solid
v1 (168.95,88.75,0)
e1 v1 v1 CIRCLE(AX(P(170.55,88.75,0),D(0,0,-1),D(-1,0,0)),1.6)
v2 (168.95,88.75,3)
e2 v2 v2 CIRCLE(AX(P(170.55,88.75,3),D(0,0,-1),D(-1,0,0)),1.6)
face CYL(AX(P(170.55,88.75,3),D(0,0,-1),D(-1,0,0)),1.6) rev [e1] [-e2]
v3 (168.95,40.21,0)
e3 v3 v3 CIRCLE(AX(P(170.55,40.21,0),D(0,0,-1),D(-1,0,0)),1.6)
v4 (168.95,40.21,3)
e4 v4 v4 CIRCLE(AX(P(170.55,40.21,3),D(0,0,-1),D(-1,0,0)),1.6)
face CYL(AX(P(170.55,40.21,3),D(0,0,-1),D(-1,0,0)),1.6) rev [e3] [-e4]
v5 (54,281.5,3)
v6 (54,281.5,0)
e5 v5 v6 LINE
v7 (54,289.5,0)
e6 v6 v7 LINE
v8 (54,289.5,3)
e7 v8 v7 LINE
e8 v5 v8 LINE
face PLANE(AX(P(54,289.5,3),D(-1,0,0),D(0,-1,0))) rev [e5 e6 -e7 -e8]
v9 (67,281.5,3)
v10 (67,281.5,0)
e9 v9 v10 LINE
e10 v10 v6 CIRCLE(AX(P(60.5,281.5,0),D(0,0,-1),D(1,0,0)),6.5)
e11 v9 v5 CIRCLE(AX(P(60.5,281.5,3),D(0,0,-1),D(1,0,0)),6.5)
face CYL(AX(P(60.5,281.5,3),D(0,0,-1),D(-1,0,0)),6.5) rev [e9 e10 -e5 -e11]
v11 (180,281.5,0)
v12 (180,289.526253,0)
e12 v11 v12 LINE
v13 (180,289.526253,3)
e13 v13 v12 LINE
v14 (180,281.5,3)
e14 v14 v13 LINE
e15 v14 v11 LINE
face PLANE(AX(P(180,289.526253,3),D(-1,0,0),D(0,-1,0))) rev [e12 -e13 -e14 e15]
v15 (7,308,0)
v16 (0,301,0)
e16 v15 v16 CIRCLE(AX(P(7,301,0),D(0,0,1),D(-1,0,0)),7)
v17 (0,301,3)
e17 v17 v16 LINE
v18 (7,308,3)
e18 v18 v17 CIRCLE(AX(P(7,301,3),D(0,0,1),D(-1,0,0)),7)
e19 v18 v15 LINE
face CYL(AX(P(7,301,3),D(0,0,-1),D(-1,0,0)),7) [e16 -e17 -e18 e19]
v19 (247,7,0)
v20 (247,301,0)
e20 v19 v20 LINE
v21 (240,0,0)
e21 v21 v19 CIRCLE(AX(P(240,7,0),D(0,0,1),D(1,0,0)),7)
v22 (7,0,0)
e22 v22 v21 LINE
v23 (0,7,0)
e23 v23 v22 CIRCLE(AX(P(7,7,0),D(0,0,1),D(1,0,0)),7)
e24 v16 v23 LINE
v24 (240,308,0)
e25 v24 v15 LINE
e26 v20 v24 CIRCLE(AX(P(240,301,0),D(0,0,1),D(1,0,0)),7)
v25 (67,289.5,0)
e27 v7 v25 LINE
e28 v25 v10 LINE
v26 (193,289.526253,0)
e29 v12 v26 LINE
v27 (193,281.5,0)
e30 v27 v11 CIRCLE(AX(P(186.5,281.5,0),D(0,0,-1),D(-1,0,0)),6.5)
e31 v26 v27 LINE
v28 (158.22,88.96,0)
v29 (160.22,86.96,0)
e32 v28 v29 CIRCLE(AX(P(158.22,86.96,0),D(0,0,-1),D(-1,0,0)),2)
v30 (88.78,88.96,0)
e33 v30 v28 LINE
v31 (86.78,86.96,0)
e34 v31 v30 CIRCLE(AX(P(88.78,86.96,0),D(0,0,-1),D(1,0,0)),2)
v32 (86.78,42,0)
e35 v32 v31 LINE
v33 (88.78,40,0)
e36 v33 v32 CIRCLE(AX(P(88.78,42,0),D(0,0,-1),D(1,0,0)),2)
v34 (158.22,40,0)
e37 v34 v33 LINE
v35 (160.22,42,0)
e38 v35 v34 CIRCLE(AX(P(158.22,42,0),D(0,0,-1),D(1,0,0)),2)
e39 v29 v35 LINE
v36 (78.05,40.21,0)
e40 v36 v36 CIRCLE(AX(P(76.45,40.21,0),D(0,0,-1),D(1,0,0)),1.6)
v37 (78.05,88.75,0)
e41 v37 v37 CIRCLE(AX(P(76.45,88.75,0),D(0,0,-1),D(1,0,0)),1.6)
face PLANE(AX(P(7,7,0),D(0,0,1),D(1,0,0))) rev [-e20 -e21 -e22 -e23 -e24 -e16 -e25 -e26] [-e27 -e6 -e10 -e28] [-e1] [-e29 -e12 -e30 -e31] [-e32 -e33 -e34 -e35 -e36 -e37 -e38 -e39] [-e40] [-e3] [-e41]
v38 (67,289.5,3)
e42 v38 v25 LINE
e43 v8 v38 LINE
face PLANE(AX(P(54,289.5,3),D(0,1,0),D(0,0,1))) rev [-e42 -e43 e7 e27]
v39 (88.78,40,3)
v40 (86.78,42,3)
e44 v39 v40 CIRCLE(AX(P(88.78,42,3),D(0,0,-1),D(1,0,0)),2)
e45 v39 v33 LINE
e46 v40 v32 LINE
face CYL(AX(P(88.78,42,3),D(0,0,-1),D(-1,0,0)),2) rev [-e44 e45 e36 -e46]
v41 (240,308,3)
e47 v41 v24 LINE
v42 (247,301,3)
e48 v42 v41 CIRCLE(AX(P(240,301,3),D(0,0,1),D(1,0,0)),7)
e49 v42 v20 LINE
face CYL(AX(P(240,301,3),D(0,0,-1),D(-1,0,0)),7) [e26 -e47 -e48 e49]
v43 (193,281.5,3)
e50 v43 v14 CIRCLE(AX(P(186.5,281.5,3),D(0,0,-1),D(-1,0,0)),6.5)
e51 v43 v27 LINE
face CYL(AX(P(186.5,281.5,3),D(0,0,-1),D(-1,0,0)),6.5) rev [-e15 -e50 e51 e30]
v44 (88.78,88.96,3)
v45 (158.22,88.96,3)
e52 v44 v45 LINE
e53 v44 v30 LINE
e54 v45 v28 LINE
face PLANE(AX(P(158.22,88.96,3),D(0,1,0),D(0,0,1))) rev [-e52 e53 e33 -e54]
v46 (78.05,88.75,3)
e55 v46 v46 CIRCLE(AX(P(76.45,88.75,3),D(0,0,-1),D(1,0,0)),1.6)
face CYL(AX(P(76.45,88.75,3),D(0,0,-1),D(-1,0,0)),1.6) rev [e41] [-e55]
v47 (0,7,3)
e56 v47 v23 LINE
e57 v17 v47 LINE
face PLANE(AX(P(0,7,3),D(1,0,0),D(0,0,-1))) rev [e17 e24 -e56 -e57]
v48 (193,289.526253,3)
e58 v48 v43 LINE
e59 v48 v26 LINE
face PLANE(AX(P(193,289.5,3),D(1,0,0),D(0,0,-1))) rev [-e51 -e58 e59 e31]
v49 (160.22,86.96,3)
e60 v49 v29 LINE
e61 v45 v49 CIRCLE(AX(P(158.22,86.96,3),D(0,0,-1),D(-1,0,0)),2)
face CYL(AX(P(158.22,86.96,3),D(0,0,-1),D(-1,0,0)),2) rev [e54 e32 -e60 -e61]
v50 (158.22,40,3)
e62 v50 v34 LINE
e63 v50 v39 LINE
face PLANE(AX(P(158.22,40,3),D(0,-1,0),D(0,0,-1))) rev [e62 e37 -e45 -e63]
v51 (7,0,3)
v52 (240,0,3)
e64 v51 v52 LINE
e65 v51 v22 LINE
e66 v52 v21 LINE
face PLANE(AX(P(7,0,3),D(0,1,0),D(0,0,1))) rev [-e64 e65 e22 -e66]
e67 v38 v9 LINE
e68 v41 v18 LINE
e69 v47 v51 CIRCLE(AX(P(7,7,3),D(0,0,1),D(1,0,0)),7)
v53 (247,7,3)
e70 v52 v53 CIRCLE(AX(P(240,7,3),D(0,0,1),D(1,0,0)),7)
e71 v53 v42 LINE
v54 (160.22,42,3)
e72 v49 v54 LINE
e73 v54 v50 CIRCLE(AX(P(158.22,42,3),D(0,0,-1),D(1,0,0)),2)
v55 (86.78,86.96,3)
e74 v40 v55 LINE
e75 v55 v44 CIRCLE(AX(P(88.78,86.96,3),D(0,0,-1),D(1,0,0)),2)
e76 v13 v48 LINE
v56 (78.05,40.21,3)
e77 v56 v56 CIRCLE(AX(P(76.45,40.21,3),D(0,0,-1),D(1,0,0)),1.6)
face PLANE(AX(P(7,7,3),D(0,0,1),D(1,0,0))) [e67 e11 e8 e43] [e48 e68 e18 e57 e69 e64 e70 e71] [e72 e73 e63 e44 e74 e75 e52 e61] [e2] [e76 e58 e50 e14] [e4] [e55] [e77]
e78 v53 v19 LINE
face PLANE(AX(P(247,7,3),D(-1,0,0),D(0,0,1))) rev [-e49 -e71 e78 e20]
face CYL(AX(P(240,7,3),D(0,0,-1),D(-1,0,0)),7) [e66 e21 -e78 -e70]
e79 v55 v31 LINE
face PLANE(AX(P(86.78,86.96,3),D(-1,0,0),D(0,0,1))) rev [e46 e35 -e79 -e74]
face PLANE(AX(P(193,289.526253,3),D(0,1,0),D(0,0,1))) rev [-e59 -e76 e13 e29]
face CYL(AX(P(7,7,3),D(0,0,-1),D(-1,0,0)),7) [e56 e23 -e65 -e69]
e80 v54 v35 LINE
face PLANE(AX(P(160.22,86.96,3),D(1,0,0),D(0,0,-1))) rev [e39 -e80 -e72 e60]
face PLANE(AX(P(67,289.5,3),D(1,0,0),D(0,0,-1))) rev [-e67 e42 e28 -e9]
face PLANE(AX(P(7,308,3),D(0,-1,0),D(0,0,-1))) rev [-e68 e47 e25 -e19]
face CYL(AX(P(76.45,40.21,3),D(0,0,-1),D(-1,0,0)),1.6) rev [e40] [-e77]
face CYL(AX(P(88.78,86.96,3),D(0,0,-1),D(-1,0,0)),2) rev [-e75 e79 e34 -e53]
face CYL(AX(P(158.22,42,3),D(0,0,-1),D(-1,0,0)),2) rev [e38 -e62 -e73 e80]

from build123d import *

# Parameters (mm, degrees)
BOSS_EXTRU_1_DEPTH      = 3
ENL_V_MAT_EXTRU_1_DEPTH = 395.818945847
ESQUISSE3_R             = 1.6
ENL_V_MAT_EXTRU_2_DEPTH = 395.818945847


with BuildPart() as part:
    # Esquisse1 → Boss.-Extru.1 (new body)
    with BuildSketch(Plane.XY):
        with BuildLine():
            Line((7, 0), (240, 0))
            ThreePointArc((240, 0), (244.949747468, 2.050252532), (247, 7))
            Line((247, 7), (247, 301))
            ThreePointArc((247, 301), (244.949747468, 305.949747468), (240, 308))
            Line((240, 308), (7, 308))
            ThreePointArc((7, 308), (2.050252532, 305.949747468), (0, 301))
            Line((0, 301), (0, 7))
            ThreePointArc((0, 7), (2.050252532, 2.050252532), (7, 0))
        make_face()
    extrude(amount=BOSS_EXTRU_1_DEPTH)

    # Esquisse2 → Enlèv. mat.-Extru.1 (cut, through all)
    with BuildSketch(Plane(origin=(0, 0, 0), x_dir=(-1, 0, 0), z_dir=(0, 0, -1))):
        with BuildLine():
            Line((-54, 289.5), (-67, 289.5))
            Line((-67, 289.5), (-67, 281.5))
            ThreePointArc((-67, 281.5), (-60.5, 275), (-54, 281.5))
            Line((-54, 281.5), (-54, 289.5))
        make_face()
        with BuildLine():
            Line((-193, 289.5), (-193, 281.5))
            ThreePointArc((-193, 281.5), (-186.5, 275), (-180, 281.5))
            Line((-180, 281.5), (-180, 289.5))
            Line((-180, 289.5), (-180, 289.526253408))
            Line((-180, 289.526253408), (-193, 289.526253408))
            Line((-193, 289.526253408), (-193, 289.5))
        make_face()
    extrude(amount=-ENL_V_MAT_EXTRU_1_DEPTH, mode=Mode.SUBTRACT)

    # Esquisse3 → Enlèv. mat.-Extru.2 (cut, through all)
    with BuildSketch(Plane(origin=(0, 0, 0), x_dir=(-1, 0, 0), z_dir=(0, 0, -1))):
        with Locations((-170.55, 88.75)):
            Circle(ESQUISSE3_R)
        with Locations(Location((-76.45, 40.21, 0), (0, 0, 180))):
            Circle(ESQUISSE3_R)
        with Locations((-170.55, 40.21)):
            Circle(ESQUISSE3_R)
        with Locations(Location((-76.45, 88.75, 0), (0, 0, 180))):
            Circle(ESQUISSE3_R)
        with BuildLine():
            Line((-158.22, 88.96), (-88.78, 88.96))
            ThreePointArc((-88.78, 88.96), (-87.365786438, 88.374213562), (-86.78, 86.96))
            Line((-86.78, 86.96), (-86.78, 42))
            ThreePointArc((-86.78, 42), (-87.365786438, 40.585786438), (-88.78, 40))
            Line((-88.78, 40), (-158.22, 40))
            ThreePointArc((-158.22, 40), (-159.634213562, 40.585786438), (-160.22, 42))
            Line((-160.22, 42), (-160.22, 86.96))
            ThreePointArc((-160.22, 86.96), (-159.634213562, 88.374213562), (-158.22, 88.96))
        make_face()
    extrude(amount=-ENL_V_MAT_EXTRU_2_DEPTH, mode=Mode.SUBTRACT)


solid = part.part
